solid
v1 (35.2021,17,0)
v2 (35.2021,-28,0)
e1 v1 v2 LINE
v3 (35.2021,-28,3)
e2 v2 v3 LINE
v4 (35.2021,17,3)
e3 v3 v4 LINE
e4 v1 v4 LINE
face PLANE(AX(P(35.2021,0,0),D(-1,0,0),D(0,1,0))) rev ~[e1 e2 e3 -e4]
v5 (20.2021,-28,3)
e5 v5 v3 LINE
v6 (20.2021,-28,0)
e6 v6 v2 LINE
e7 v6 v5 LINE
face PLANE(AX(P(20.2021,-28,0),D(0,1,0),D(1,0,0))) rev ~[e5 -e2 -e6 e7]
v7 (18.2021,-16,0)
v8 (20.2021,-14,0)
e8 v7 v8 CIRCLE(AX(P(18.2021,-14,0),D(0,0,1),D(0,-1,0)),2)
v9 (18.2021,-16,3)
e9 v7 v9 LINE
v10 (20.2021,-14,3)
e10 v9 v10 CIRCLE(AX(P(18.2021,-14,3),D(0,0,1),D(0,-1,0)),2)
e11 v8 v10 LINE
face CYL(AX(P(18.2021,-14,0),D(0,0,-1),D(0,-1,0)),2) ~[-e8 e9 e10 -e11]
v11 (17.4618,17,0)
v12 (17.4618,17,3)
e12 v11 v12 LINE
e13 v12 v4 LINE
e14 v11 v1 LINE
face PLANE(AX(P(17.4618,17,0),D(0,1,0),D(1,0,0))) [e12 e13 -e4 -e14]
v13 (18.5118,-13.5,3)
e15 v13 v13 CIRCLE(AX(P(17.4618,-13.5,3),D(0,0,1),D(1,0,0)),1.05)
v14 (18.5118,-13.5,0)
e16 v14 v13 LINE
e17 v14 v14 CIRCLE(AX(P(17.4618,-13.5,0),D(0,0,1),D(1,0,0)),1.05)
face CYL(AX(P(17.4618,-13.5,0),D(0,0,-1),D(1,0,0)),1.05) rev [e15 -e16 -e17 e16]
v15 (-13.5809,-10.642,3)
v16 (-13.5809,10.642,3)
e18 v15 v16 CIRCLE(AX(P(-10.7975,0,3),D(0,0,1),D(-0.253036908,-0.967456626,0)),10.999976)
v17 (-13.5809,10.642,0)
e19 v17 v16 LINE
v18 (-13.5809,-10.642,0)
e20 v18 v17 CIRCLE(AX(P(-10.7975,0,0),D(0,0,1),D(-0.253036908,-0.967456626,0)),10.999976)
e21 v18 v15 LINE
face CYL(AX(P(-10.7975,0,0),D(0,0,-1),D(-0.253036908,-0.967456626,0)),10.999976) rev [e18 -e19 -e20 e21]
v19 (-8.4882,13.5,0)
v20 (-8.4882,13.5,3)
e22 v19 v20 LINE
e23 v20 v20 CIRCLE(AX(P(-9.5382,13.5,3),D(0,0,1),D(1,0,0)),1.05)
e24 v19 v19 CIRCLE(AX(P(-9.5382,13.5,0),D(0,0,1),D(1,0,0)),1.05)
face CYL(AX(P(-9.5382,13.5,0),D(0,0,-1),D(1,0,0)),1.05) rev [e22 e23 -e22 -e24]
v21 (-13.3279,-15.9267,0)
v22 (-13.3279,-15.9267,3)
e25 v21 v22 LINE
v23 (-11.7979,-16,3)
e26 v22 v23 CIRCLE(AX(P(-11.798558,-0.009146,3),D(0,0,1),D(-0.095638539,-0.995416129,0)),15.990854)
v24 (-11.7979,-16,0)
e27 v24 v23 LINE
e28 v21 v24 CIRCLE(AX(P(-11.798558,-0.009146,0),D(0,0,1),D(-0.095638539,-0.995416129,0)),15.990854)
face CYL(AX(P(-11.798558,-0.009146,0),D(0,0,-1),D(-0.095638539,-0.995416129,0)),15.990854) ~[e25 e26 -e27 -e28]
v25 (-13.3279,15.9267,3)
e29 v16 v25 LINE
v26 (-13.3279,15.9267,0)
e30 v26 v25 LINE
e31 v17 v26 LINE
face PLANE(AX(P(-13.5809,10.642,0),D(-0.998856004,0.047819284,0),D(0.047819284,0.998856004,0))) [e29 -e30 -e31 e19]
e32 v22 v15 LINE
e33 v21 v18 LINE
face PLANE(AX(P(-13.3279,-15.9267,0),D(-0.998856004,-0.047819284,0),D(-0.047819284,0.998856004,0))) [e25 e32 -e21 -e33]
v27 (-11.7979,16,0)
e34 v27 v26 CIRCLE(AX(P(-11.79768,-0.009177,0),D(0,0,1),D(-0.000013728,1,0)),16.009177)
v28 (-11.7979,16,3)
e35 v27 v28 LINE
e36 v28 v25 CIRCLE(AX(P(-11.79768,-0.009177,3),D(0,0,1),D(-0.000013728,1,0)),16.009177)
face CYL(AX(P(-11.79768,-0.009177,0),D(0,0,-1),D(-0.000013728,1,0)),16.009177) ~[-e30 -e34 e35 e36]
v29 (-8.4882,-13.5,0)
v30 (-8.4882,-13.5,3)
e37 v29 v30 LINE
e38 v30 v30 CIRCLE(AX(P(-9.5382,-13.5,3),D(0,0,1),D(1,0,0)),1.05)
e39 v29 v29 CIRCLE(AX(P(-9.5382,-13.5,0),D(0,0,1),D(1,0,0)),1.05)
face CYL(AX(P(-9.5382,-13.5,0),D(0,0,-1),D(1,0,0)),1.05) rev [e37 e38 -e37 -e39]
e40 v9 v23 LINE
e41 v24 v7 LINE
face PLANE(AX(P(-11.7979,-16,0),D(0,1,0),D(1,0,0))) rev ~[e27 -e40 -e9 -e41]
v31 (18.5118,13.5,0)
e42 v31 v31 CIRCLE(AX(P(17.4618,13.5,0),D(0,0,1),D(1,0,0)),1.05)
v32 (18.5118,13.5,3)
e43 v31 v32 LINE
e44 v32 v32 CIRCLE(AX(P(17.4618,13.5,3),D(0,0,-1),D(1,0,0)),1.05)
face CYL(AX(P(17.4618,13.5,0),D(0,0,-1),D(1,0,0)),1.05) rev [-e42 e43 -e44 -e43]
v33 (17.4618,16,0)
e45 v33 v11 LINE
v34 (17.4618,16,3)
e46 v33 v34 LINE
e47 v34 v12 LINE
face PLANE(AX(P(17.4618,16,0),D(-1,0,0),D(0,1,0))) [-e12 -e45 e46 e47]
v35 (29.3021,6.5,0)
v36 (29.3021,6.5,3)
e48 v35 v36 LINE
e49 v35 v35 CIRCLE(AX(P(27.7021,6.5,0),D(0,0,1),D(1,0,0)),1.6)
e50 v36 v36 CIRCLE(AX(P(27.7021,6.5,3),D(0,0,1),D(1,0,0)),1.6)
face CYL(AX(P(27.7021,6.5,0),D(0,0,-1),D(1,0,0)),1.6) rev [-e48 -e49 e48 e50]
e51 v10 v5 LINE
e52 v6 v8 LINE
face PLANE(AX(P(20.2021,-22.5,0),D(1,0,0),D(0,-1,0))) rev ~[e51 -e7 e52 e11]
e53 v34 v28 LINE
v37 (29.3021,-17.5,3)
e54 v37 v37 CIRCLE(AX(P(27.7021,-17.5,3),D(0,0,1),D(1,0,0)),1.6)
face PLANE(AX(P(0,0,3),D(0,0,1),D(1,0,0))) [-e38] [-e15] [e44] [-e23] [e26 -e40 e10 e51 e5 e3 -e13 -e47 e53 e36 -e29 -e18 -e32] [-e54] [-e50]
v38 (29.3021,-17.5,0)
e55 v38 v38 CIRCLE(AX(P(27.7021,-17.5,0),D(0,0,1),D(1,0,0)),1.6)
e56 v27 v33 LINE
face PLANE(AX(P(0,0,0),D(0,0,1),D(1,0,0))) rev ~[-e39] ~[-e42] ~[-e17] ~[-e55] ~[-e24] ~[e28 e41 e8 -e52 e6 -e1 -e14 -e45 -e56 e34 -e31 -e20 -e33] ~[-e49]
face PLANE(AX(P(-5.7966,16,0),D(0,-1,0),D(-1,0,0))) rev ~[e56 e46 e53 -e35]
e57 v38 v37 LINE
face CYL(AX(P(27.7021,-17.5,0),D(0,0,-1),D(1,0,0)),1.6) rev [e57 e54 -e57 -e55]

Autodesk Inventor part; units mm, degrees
ref_plane "YZ Plane" through (0, 0, 0) normal (1, 0, 0) x (0, 1, 0)
ref_plane "XZ Plane" through (0, 0, 0) normal (0, 1, 0) x (-1, 0, 0)
ref_plane "XY Plane" through (0, 0, 0) normal (0, 0, 1) x (1, 0, 0)
sketch "スケッチ1" plane through (0, 0, 0) normal (0, 0, 1) x (1, 0, 0)
  circle A0 centre (-18.2979, -11.3675) radius 1.05 construction
  circle A1 centre (-0.7979, 13.5) radius 1.05 construction
  circle A2 centre (12.2021, -13.5) radius 1.05 construction
  circle A3 centre (-18.2979, 10.6325) radius 1.05 construction
  circle A4 centre (-10.7975, 0) radius 1.3 construction
  circle A5 centre (-9.5382, 13.5) radius 1.05 projected
  circle A6 centre (-9.5382, -13.5) radius 1.05 projected
  circle A7 centre (17.4618, 13.5) radius 1.05 projected
  circle A8 centre (17.4618, -13.5) radius 1.05 projected
  line L0 (-11.7979, -16) -> (18.2021, -16) projected
  arc A9 (18.2021, -16) -> (20.2021, -14) centre (18.2021, -14) ccw projected
  line L1 (20.2021, -14) -> (20.2021, 14) projected
  arc A10 (20.2021, 14) -> (18.2021, 16) centre (18.2021, 14) ccw projected
  line L2 (18.2021, 16) -> (-11.7979, 16) projected
  line L3 (-22.7979, 0) -> (0, 0) construction
  line L4 (0, 0) -> (13.5202, -23.4176) construction
  line L5 (-22.7979, 0) -> (-32.6431, 0) construction
  line L6 (9.2376, -16) -> (3.5384, -19.2904) construction
  line L7 (11.7376, -20.3301) -> (14.3357, -18.8301) construction
  line L8 (9.2376, 16) -> (3.5384, 19.2904) construction
  line L9 (11.7376, 20.3301) -> (14.3357, 18.8301) construction
  circle A11 centre (17.4618, -13.5) radius 2.5 construction
  circle A12 centre (17.4618, 13.5) radius 2.5 construction
  line L10 (3.6668, -16) -> (18.2021, -16)
  arc A13 (18.2021, -16) -> (20.2021, -14) centre (18.2021, -14) ccw
  line L11 (3.6668, 16) -> (18.2021, 16)
  arc A14 (20.2021, 14) -> (18.2021, 16) centre (18.2021, 14) ccw
  line L12 (-5.7966, 16) -> (-11.7979, 16)
  arc A15 (-11.7979, 16) -> (-13.3279, 15.9267) centre (-11.7979, 0) ccw
  line L13 (-5.7966, -16) -> (-11.7979, -16)
  arc A16 (-13.3279, -15.9267) -> (-11.7979, -16) centre (-11.7979, 0) ccw
  arc A17 (-13.5809, -10.642) -> (-13.5809, 10.642) centre (-10.7975, 0) ccw
  line L14 (-13.3279, -15.9267) -> (-13.5809, -10.642)
  line L15 (-13.5809, 10.642) -> (-13.3279, 15.9267)
  line L16 (20.2021, 0) -> (35.2021, 0) construction
  line L17 (20.2021, -22.5) -> (20.2021, -17.0694)
  line L18 (20.2021, -9.9306) -> (20.2021, 9.9306)
  line L19 (20.2021, 0) -> (35.2021, 0)
  line L20 (20.2021, -17.0694) -> (20.2021, -14)
  line L21 (17.4618, 17) -> (35.2021, 17)
  line L22 (20.2021, 14) -> (20.2021, -28)
  line L23 (20.2021, 17) -> (65.2021, 17) construction
  line L24 (20.2021, -28) -> (35.2021, -28)
  line L25 (35.2021, -28) -> (35.2021, 17)
  line L26 (27.7021, -28) -> (27.7021, 17) construction
  line L27 (27.7021, -5.5) -> (20.2021, -5.5) construction
  circle A18 centre (27.7021, -17.5) radius 1.6
  circle A19 centre (27.7021, 6.5) radius 1.6
  line L28 (17.4618, 13.5) -> (17.4618, 14.55)
  line L29 (17.4618, 16) -> (17.4618, 17)
  point P0 (-22.7979, -6.4363)
  point P1 (15.7302, -16)
  point P2 (13.5202, 23.4176)
  point P3 (15.7302, 16)
  dimension "d0" = 120
  dimension "d7" = 5
  dimension "d10" = 5
  dimension "d24" = 22
  dimension "d28" = 15
  dimension "d38" = 3.5
  dimension "d39" = 45
  dimension "d40" = 90
  dimension "d41" = 15
  dimension "d42" = 2.7403
  dimension "d43" = 3.2
  dimension "d44" = 12
extrude "押し出し5" add sketch "スケッチ1" along normal blind 3
properties part number "デュアルサーボつなぎフレーム_アルミ(A2017)_t1.5" material "アルミニウム 6061"
